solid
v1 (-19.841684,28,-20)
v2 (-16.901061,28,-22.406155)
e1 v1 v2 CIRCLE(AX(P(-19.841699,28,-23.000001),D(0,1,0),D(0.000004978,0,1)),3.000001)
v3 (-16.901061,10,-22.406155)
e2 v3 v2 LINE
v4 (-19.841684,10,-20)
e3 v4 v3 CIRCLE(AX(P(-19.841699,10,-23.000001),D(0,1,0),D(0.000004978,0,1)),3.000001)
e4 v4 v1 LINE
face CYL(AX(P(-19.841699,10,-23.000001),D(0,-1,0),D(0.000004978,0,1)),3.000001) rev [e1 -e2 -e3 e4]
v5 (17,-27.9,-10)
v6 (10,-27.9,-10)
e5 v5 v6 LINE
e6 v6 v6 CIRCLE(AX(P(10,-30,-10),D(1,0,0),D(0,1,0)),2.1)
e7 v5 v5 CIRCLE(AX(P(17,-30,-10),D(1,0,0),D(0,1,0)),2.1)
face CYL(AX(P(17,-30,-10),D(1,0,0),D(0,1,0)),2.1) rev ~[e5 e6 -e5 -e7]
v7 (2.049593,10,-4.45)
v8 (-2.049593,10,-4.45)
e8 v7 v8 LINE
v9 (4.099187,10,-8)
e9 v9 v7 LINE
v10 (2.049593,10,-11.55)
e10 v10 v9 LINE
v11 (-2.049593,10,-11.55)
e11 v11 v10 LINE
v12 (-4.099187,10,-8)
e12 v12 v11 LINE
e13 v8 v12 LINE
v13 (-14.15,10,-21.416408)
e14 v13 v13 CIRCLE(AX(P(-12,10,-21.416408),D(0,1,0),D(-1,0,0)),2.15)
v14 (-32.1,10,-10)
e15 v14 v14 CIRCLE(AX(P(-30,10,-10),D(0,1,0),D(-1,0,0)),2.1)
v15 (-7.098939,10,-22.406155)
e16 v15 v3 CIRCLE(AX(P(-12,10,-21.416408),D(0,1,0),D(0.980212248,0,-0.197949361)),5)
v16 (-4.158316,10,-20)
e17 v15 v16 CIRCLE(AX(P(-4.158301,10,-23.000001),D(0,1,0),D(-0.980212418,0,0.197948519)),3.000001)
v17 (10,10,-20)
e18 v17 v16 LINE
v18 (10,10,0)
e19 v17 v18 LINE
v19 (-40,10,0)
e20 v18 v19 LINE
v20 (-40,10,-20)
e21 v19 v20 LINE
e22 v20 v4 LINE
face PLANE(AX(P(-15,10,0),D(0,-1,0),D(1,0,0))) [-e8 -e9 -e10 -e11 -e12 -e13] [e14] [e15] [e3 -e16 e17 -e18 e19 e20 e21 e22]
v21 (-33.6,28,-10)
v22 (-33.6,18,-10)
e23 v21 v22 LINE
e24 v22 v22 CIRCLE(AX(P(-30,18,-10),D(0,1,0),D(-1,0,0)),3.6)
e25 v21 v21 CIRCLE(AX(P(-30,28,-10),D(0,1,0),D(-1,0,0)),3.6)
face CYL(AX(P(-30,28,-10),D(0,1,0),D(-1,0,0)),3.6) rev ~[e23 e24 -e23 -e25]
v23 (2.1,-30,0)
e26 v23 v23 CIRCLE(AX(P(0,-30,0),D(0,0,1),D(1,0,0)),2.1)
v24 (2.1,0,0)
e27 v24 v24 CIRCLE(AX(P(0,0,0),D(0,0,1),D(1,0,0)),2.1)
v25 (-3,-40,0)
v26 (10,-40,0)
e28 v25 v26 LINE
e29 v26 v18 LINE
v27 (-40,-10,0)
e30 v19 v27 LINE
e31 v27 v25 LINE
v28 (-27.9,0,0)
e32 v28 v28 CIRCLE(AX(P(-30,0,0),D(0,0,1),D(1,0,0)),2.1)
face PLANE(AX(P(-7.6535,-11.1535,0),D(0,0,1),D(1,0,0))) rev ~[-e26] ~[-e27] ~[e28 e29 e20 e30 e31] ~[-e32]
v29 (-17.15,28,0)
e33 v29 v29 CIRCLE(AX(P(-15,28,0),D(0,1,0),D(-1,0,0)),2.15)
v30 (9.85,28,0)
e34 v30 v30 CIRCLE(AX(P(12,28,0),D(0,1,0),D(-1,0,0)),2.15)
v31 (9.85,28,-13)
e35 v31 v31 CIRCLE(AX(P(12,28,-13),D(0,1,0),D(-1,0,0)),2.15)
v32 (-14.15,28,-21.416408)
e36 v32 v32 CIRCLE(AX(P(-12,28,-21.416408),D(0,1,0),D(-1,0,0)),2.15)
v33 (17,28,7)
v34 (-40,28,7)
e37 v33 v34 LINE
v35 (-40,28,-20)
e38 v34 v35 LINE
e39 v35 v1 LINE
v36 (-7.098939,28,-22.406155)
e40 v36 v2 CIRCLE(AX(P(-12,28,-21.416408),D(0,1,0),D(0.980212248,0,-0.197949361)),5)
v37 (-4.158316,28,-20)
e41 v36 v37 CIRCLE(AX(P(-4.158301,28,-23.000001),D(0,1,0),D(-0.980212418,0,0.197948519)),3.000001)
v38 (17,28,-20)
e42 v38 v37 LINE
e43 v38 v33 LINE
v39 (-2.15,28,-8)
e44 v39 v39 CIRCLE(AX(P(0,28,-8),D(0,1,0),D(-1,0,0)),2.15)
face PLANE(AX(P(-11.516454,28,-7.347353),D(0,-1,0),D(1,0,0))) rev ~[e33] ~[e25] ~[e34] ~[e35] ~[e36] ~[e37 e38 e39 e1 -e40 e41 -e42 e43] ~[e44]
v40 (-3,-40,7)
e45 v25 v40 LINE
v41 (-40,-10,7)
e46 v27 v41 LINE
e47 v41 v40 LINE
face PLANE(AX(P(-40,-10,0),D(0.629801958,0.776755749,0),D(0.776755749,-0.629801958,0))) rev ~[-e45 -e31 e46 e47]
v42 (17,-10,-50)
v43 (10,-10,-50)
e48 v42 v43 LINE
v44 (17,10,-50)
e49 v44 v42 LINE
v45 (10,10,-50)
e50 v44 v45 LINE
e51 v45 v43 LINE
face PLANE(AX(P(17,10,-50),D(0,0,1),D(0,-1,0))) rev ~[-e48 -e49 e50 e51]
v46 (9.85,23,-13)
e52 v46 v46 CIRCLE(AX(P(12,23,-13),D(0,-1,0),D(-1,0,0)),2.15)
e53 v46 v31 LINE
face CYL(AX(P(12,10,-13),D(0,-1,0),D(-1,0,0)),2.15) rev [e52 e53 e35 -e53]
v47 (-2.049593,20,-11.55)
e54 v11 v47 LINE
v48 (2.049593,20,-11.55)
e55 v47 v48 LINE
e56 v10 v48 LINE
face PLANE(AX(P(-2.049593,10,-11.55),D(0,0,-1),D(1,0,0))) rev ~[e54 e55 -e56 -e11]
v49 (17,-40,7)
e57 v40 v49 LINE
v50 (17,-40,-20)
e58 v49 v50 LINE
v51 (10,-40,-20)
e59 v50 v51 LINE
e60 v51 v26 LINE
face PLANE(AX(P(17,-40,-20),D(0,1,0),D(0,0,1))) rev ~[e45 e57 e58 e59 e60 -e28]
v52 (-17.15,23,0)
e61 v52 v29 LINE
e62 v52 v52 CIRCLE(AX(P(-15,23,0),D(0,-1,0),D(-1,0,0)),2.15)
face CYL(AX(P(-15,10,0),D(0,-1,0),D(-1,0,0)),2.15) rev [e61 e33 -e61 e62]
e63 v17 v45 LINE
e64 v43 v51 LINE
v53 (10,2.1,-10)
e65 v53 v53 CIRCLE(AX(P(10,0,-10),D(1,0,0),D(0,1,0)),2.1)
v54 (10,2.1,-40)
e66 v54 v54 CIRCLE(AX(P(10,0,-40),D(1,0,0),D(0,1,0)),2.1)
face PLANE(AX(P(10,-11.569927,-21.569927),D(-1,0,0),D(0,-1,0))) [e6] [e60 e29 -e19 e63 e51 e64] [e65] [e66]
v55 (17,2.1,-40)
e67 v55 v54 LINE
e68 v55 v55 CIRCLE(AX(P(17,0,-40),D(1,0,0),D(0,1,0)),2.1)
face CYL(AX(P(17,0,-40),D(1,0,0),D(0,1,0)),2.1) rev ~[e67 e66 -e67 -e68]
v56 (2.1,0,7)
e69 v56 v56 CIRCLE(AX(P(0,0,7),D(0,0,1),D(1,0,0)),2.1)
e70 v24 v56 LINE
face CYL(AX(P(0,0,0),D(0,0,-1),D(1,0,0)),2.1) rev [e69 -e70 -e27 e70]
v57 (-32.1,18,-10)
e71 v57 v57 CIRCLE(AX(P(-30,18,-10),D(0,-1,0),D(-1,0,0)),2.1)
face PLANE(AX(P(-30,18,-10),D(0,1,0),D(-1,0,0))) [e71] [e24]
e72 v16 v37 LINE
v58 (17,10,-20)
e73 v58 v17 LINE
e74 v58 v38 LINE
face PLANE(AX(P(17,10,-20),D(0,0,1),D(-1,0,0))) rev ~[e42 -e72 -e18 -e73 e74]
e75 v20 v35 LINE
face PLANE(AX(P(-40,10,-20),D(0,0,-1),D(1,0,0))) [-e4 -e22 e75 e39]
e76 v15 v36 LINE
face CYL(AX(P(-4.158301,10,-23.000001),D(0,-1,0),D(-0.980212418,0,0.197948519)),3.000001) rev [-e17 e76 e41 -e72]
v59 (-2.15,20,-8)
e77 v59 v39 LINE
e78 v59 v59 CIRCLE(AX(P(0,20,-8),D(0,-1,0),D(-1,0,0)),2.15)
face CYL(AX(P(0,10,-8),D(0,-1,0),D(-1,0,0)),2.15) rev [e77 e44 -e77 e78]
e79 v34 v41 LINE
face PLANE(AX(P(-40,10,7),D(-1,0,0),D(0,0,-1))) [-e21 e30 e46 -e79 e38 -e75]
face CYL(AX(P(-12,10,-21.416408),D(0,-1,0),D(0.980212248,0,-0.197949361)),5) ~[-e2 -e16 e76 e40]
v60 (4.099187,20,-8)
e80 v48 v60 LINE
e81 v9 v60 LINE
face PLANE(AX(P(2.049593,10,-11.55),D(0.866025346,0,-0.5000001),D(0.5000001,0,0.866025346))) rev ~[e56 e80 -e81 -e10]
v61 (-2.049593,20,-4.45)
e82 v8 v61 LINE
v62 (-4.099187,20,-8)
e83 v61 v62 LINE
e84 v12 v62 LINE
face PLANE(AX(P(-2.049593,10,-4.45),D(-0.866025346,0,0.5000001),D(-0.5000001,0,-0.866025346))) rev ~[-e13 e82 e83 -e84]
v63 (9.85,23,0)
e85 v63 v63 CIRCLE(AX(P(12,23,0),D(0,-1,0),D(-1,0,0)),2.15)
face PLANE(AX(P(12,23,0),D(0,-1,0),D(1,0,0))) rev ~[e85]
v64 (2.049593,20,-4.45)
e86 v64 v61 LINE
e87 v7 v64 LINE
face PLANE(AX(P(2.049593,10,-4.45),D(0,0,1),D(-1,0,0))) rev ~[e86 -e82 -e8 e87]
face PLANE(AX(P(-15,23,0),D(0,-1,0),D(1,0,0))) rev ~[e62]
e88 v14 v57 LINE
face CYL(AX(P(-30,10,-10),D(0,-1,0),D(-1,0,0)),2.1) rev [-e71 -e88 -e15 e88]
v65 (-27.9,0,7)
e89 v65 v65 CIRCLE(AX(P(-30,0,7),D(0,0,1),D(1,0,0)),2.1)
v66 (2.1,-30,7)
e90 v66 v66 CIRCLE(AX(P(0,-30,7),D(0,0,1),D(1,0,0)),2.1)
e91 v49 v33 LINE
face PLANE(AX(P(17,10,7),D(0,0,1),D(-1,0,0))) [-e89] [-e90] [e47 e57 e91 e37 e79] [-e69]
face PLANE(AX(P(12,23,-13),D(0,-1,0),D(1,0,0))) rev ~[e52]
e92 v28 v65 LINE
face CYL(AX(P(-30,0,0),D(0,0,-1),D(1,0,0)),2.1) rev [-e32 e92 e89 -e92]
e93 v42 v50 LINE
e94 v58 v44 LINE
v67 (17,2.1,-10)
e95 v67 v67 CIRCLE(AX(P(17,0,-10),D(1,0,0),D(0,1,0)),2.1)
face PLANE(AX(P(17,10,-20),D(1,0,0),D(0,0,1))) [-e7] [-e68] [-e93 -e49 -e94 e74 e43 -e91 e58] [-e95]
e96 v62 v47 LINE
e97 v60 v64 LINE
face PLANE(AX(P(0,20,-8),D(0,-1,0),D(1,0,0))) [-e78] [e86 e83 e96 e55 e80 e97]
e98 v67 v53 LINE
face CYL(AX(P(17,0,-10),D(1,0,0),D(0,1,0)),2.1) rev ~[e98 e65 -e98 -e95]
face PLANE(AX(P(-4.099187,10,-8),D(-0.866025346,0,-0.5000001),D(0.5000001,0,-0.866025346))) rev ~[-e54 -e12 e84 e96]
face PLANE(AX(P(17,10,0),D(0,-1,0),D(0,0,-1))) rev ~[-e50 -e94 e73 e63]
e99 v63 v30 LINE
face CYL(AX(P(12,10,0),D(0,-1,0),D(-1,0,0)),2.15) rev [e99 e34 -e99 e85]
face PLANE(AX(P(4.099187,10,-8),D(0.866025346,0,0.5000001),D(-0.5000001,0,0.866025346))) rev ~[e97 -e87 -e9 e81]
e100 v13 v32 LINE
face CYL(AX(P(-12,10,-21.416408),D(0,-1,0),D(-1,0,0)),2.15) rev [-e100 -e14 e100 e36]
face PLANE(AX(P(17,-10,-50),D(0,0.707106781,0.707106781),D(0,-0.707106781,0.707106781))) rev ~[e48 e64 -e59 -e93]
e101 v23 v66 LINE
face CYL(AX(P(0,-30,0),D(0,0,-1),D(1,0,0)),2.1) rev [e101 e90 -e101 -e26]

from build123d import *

# Parameters (mm, degrees)
SKETCH_R        = 2.1
PAD_DEPTH       = 7
SKETCH001_R     = 2.1
PAD001_DEPTH    = 7
SKETCH002_R     = 2.1
SKETCH002_R_2   = 2.15
PAD002_DEPTH    = 18
SKETCH003_R     = 2.15
PAD003_DEPTH    = 13
SKETCH004_R     = 3.6
POCKET_DEPTH    = 10
POCKET001_DEPTH = 10


with BuildPart() as part:
    # Sketch → Pad (new body)
    with BuildSketch(Plane.XY):
        Polygon((-40, 10), (-40, -10), (-3, -40), (17, -40), (17, 10), align=None)
        Circle(SKETCH_R, mode=Mode.SUBTRACT)
        with Locations((0, -30)):
            Circle(SKETCH_R, mode=Mode.SUBTRACT)
        with Locations((-30, 0)):
            Circle(SKETCH_R, mode=Mode.SUBTRACT)
    extrude(amount=PAD_DEPTH)

    # Sketch001 → Pad001 (new body)
    with BuildSketch(Plane.YZ.offset(17)):
        Polygon((10, 0), (10, -50), (-10, -50), (-40, -20), (-40, 0), align=None)
        with Locations((0, -10)):
            Circle(SKETCH001_R, mode=Mode.SUBTRACT)
        with Locations((0, -40)):
            Circle(SKETCH001_R, mode=Mode.SUBTRACT)
        with Locations((-30, -10)):
            Circle(SKETCH001_R, mode=Mode.SUBTRACT)
    extrude(amount=-PAD001_DEPTH)

    # Sketch002 → Pad002 (new body)
    with BuildSketch(Plane(origin=(0, 10, 0), x_dir=(-1, 0, 0), z_dir=(0, 1, 0))):
        with BuildLine():
            Line((-17, 7), (40, 7))
            Line((40, 7), (40, -20))
            Line((40, -20), (19.841684, -20))
            ThreePointArc((19.841684, -20), (17.941895, -20.678202), (16.901061, -22.406155))
            ThreePointArc((7.098939, -22.406155), (12, -26.416408), (16.901061, -22.406155))
            ThreePointArc((7.098939, -22.406155), (6.058105, -20.678202), (4.158316, -20))
            Line((-17, -20), (4.158316, -20))
            Line((-17, -20), (-17, 7))
        make_face()
        with Locations((30, -10)):
            Circle(SKETCH002_R, mode=Mode.SUBTRACT)
        with Locations((-12, -13)):
            Circle(SKETCH002_R_2, mode=Mode.SUBTRACT)
        with Locations((15, 0)):
            Circle(SKETCH002_R_2, mode=Mode.SUBTRACT)
        with Locations((-12, 0)):
            Circle(SKETCH002_R_2, mode=Mode.SUBTRACT)
        with Locations((0, -8)):
            Circle(SKETCH002_R_2, mode=Mode.SUBTRACT)
        with Locations((12, -21.416408)):
            Circle(SKETCH002_R_2, mode=Mode.SUBTRACT)
    extrude(amount=PAD002_DEPTH)

    # Sketch003 → Pad003 (new body)
    with BuildSketch(Plane.XZ.offset(-10)):
        with Locations((-15, 0)):
            Circle(SKETCH003_R)
        with Locations((12, 0)):
            Circle(SKETCH003_R)
        with Locations((12, -13)):
            Circle(SKETCH003_R)
    extrude(amount=-PAD003_DEPTH)

    # Sketch004 → Pocket (cut)
    with BuildSketch(Plane(origin=(0, 28, 0), x_dir=(-1, 0, 0), z_dir=(0, 1, 0))):
        with Locations((30, -10)):
            Circle(SKETCH004_R)
    extrude(amount=-POCKET_DEPTH, mode=Mode.SUBTRACT)

    # Sketch005 → Pocket001 (cut)
    with BuildSketch(Plane.XZ.offset(-10)):
        Polygon((2.049593, -11.55), (4.099187, -8), (2.049593, -4.45), (-2.049593, -4.45), (-4.099187, -8), (-2.049593, -11.55), align=None)
    extrude(amount=-POCKET001_DEPTH, mode=Mode.SUBTRACT)


solid = part.part
